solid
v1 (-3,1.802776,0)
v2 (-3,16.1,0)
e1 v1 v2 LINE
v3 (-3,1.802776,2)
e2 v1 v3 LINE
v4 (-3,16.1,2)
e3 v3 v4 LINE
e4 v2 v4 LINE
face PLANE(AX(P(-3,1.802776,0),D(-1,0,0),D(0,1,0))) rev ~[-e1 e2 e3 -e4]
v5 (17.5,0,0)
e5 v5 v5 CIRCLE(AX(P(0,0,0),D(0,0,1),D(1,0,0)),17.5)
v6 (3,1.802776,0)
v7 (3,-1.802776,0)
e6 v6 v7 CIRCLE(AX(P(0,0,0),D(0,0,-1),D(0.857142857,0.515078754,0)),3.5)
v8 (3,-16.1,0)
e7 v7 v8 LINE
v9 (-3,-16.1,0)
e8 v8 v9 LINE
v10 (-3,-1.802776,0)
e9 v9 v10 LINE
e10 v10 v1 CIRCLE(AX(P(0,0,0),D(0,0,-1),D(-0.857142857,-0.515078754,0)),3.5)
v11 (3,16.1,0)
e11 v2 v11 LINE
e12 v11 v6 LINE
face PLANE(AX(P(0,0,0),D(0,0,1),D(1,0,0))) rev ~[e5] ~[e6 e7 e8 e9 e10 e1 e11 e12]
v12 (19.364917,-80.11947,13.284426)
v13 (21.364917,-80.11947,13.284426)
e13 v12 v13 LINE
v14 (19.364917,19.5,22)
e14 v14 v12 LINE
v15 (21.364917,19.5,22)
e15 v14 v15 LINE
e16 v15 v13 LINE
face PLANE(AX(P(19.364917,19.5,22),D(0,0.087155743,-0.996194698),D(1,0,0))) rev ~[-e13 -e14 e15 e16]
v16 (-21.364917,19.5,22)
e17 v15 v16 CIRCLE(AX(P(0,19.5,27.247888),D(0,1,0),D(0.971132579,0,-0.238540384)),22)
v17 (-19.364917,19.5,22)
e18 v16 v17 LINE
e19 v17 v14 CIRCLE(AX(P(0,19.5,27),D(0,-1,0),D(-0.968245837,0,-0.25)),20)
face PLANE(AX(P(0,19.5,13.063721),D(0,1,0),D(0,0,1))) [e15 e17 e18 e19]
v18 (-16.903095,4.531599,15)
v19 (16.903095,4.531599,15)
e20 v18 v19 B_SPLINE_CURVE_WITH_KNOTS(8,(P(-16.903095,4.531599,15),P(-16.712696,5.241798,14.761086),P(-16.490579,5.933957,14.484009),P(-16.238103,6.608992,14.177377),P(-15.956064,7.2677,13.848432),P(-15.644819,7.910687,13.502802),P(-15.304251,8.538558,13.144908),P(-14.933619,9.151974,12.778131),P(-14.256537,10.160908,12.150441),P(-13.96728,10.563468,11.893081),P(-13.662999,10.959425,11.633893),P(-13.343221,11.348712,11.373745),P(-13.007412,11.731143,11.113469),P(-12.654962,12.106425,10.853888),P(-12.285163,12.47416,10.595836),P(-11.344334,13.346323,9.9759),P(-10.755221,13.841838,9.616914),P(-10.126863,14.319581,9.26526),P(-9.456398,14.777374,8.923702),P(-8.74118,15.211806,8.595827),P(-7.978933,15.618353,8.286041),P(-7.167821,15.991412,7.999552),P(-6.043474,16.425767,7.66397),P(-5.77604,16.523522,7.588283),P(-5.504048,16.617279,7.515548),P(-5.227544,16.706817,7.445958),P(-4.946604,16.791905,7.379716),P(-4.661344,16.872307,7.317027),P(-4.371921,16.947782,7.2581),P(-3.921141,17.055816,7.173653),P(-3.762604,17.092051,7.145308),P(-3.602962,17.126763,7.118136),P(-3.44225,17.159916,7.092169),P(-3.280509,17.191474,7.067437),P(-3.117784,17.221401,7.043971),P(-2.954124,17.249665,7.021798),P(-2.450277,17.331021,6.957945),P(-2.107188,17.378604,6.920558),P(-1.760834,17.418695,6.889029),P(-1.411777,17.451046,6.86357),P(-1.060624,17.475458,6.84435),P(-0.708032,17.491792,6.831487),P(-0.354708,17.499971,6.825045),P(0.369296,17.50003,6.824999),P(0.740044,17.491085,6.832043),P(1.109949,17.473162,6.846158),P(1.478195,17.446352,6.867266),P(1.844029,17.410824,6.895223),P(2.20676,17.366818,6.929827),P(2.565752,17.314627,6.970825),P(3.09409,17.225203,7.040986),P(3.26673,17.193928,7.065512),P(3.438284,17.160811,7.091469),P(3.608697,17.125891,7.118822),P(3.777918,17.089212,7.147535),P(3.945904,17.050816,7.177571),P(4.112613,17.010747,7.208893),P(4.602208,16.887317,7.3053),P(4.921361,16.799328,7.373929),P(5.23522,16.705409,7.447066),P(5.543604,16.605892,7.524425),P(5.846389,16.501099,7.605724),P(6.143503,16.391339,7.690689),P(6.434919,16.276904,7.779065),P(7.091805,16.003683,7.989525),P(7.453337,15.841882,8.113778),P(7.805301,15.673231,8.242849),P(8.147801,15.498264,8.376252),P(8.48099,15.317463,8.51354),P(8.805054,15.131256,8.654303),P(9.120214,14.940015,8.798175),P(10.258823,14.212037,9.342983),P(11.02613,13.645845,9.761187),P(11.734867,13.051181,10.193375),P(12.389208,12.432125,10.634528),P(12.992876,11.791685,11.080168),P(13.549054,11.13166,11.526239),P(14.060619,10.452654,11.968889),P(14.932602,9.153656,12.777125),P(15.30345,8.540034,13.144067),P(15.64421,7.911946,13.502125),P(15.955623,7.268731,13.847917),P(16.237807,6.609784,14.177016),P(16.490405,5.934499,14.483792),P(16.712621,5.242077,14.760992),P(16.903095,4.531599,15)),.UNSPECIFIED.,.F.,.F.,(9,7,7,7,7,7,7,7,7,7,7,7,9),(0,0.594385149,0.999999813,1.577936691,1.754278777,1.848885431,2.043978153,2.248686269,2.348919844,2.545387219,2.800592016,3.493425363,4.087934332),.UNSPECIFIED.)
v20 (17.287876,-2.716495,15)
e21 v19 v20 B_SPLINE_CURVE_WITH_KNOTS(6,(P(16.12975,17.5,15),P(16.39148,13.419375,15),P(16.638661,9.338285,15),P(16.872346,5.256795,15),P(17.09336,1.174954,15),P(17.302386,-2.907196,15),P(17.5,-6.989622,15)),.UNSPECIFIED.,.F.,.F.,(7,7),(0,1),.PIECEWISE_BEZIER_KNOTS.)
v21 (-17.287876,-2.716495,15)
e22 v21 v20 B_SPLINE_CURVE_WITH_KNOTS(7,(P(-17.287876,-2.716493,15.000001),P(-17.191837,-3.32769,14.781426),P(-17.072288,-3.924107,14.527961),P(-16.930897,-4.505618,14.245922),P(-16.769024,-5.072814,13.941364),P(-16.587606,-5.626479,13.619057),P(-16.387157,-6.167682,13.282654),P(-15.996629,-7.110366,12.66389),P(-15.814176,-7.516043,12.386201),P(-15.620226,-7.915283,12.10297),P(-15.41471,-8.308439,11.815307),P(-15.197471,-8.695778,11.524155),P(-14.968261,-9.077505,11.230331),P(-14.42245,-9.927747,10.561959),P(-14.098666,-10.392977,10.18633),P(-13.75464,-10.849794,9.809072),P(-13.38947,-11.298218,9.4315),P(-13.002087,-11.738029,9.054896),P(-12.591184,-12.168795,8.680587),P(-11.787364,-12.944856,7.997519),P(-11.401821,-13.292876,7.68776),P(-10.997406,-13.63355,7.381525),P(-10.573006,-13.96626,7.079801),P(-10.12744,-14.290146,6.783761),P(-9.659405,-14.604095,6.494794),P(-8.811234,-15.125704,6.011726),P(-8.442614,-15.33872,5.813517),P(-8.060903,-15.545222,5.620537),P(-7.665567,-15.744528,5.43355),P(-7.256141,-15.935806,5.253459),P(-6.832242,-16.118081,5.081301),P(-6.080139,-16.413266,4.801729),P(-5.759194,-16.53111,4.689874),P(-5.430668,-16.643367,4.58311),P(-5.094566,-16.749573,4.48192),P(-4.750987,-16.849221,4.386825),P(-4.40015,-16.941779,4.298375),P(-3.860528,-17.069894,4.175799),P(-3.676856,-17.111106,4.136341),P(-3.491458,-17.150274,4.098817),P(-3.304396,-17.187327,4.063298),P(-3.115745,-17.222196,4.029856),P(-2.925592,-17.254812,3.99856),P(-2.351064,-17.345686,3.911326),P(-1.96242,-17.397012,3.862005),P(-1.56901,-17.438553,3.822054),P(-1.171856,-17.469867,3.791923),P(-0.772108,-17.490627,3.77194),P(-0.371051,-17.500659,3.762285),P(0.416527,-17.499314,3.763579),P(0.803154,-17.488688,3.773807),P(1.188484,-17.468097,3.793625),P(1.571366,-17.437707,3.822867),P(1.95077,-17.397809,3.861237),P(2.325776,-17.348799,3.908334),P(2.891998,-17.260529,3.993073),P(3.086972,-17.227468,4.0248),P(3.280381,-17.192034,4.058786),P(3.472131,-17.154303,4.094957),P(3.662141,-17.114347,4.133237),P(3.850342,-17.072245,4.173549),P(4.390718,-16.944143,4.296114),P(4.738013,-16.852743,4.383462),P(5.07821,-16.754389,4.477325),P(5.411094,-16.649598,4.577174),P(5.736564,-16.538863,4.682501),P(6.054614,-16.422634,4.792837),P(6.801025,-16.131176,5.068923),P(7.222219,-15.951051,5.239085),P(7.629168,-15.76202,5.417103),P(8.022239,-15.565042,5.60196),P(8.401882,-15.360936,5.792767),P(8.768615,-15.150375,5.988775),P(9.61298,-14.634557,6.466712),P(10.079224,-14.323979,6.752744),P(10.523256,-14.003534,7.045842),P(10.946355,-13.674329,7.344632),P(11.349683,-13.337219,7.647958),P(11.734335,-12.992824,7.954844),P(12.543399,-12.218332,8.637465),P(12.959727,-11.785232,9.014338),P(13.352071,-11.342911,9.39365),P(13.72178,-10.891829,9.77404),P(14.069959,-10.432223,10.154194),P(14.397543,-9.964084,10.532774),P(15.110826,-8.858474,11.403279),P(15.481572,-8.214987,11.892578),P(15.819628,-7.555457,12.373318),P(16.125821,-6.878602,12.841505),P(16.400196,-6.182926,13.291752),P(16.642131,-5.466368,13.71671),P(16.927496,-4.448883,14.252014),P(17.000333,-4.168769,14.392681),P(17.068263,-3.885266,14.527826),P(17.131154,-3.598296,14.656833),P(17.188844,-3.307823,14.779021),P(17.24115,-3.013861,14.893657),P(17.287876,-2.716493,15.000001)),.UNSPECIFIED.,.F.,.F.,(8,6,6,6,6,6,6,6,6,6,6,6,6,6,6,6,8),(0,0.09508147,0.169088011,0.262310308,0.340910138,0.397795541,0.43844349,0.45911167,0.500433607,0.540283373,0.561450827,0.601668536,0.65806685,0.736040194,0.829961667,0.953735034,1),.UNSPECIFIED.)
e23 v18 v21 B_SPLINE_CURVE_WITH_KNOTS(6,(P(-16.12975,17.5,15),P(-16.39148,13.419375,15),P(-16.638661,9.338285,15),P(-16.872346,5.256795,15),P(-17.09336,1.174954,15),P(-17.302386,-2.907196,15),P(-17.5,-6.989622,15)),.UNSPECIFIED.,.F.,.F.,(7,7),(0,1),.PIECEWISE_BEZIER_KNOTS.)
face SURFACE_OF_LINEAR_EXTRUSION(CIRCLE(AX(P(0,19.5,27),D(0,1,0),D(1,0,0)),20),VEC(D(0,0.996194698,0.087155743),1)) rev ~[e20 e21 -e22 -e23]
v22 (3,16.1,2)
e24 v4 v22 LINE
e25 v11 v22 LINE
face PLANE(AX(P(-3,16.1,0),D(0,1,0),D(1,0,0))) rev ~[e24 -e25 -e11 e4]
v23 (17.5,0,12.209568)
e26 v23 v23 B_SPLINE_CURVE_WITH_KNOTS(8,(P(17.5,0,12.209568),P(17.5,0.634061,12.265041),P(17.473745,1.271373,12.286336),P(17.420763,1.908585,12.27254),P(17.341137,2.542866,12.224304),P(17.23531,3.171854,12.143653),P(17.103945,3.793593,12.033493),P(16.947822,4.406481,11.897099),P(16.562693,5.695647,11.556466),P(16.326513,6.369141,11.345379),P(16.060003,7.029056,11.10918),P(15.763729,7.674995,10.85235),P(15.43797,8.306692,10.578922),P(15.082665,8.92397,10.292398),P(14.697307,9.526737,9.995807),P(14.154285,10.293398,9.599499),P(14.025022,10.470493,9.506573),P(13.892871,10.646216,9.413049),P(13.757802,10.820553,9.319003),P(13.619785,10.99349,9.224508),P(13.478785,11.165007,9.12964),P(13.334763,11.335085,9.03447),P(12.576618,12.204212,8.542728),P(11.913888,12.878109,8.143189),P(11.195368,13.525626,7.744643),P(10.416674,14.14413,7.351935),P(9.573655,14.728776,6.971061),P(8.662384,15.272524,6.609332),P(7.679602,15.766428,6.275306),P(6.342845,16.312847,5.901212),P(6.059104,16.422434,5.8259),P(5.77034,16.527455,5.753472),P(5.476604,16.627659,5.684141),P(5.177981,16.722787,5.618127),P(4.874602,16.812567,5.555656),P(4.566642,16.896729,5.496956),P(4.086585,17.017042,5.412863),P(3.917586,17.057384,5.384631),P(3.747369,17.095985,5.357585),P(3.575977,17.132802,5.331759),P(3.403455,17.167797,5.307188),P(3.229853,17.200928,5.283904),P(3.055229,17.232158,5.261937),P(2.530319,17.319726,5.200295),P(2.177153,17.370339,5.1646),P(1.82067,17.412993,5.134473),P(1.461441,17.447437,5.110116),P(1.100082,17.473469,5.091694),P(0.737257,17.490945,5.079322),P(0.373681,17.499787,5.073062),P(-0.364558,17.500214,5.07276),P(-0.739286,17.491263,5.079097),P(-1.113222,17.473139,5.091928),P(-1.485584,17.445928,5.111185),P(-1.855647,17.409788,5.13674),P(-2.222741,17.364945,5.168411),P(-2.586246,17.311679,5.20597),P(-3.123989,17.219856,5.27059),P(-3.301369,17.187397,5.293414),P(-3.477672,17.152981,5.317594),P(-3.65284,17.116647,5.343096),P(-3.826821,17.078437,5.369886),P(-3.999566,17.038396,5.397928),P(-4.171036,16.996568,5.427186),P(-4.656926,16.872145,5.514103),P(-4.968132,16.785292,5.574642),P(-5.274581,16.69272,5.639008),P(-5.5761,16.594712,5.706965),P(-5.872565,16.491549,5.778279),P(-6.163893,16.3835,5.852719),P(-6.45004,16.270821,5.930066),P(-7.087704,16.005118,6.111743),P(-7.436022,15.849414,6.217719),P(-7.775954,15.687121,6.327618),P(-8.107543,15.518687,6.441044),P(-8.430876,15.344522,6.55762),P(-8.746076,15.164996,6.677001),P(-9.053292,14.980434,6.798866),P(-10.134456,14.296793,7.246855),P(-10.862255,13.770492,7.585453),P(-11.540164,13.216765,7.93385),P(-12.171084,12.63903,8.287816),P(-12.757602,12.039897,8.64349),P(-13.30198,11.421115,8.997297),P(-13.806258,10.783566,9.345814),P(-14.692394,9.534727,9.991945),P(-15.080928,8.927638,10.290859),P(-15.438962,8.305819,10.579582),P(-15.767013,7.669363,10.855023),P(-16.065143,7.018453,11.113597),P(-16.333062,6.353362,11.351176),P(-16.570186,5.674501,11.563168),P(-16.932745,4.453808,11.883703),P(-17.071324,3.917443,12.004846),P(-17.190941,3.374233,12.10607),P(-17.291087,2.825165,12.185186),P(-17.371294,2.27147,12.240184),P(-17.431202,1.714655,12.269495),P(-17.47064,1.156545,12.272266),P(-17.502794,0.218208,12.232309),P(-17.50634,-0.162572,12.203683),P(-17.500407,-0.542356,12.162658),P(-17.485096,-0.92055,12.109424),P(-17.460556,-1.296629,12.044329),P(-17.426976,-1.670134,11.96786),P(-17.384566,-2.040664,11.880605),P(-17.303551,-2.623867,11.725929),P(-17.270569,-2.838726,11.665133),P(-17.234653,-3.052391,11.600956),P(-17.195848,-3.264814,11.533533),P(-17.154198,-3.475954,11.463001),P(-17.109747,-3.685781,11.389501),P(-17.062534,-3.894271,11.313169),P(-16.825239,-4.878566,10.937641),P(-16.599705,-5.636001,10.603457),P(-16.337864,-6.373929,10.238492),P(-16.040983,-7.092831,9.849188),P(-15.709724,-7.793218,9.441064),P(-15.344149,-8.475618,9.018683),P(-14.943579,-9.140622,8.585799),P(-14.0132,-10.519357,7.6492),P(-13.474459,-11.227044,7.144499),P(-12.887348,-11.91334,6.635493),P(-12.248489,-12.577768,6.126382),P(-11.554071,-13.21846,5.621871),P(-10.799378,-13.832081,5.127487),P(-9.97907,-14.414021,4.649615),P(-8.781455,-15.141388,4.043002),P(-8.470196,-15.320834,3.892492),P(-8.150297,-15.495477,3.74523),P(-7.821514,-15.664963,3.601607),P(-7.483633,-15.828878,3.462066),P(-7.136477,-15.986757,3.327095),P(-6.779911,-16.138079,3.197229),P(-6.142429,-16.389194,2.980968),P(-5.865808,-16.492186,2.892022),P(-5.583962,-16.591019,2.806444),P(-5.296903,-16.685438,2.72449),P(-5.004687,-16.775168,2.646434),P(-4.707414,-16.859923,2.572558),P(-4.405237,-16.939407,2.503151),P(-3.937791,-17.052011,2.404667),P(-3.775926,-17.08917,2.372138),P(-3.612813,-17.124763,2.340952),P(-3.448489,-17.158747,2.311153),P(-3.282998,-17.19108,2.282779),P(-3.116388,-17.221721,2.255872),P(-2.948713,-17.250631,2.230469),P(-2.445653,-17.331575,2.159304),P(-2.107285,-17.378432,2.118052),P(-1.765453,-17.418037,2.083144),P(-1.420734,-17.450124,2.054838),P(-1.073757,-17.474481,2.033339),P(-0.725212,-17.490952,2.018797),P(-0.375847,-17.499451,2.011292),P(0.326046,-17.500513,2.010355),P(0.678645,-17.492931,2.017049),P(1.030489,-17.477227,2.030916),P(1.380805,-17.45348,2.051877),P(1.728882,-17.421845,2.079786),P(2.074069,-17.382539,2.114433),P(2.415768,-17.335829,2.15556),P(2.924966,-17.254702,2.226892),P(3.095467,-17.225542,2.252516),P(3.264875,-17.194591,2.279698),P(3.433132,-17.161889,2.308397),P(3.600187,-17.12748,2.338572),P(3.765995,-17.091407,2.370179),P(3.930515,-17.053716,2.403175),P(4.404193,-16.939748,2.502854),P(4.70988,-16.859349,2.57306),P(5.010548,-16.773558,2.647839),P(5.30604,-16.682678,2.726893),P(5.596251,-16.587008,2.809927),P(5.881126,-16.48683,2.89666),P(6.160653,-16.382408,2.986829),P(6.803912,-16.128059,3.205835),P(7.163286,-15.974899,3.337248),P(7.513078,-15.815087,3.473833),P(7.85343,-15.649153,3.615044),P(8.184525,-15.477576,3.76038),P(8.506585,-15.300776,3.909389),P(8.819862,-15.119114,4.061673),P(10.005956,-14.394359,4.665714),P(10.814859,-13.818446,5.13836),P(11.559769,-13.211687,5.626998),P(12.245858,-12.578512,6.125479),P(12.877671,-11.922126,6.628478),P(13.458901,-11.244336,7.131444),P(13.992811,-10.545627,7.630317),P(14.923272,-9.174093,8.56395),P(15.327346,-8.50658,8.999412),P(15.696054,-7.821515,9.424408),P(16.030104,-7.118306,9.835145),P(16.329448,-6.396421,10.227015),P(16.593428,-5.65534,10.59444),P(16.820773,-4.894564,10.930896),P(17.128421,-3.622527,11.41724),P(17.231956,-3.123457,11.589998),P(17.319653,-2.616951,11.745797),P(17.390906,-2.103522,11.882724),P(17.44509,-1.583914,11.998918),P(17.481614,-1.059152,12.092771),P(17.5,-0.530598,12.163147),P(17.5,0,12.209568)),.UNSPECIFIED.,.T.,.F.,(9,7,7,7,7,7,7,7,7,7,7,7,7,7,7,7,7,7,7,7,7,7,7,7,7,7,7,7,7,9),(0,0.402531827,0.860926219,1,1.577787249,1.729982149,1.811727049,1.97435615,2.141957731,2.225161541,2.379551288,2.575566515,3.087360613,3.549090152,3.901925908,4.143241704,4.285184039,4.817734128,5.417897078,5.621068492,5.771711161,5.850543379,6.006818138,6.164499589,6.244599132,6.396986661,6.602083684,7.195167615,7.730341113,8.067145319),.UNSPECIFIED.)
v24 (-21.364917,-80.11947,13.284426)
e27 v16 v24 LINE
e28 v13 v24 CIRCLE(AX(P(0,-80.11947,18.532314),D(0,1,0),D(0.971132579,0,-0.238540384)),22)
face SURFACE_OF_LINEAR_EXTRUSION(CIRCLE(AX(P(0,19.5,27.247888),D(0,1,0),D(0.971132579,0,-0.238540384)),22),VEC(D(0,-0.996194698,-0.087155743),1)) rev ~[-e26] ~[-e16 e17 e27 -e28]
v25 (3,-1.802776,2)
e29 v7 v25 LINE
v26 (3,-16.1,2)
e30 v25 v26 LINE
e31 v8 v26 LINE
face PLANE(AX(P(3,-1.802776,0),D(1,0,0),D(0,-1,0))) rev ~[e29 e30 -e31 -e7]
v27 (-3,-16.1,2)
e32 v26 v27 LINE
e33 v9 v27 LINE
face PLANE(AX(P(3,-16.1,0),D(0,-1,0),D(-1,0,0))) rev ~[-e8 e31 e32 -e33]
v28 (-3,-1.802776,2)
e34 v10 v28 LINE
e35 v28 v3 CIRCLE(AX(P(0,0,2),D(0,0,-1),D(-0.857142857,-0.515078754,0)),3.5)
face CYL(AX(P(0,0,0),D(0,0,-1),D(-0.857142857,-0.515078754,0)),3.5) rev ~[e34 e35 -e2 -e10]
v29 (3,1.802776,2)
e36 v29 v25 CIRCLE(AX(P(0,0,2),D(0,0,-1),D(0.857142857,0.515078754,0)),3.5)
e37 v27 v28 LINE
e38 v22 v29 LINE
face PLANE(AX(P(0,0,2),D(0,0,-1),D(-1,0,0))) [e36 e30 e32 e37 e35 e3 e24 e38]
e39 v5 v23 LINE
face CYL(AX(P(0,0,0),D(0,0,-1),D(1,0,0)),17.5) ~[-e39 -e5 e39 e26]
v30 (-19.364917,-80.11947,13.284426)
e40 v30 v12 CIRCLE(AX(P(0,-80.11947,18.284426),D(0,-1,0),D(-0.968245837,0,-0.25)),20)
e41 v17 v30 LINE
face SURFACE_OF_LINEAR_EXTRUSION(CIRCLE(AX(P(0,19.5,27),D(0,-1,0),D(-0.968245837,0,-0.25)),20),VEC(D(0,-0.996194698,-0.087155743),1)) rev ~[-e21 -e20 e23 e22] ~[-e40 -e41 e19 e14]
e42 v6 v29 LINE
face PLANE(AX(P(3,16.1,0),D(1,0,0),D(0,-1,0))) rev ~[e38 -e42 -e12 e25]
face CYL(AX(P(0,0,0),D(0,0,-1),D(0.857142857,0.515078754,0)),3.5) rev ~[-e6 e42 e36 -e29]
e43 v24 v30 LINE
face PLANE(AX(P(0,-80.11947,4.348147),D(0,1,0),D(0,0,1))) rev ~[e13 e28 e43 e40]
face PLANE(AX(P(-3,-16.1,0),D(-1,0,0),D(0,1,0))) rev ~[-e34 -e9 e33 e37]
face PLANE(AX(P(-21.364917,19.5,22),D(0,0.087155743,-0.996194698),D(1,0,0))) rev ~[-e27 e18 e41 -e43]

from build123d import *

# Parameters (mm, degrees)
SKETCH1_R           = 17.5
BOSS_EXTRUDE1_DEPTH = 15
CUT_EXTRUDE1_DEPTH  = 2
SKETCH9_R           = 20
CUT_EXTRUDE2_DEPTH  = 100.381983754


with BuildPart() as part:
    # Sketch1 → Boss-Extrude1 (new body)
    with BuildSketch(Plane.XY):
        Circle(SKETCH1_R)
    extrude(amount=BOSS_EXTRUDE1_DEPTH)

    # Sketch2 → Cut-Extrude1 (cut)
    with BuildSketch(Plane(origin=(0, 0, 0), x_dir=(-1, 0, 0), z_dir=(0, 0, -1))):
        with BuildLine():
            Line((3, 1.802775638), (3, 16.1))
            Line((3, 16.1), (-3, 16.1))
            Line((-3, 16.1), (-3, 1.802775638))
            ThreePointArc((-3, 1.802775638), (-3.5, 0), (-3, -1.802775638))
            Line((-3, -1.802775638), (-3, -16.1))
            Line((-3, -16.1), (3, -16.1))
            Line((3, -16.1), (3, -1.802775638))
            ThreePointArc((3, -1.802775638), (3.5, 0), (3, 1.802775638))
        make_face()
    extrude(amount=-CUT_EXTRUDE1_DEPTH, mode=Mode.SUBTRACT)

    # Sweep1: sweep along a path in Sketch8
    with BuildLine(Plane(origin=(0, 0, 0), x_dir=(0, 0, -1), z_dir=(1, 0, 0))) as sweep1_path:
        Line((-5.24788844, 19.5), (3.467685835, -80.119469809))
    # Sketch5 → Sweep1 (sweep)
    with BuildSketch(Plane(origin=(0, 19.5, 0), x_dir=(1, 0, 0), z_dir=(0, 1, 0))):
        with BuildLine():
            Line((-21.364916731, -22), (-19.364916731, -22))
            ThreePointArc((-19.364916731, -22), (0, -7), (19.364916731, -22))
            Line((19.364916731, -22), (21.364916731, -22))
            ThreePointArc((21.364916731, -22), (0, -5.24788844), (-21.364916731, -22))
        make_face()
    sweep(path=sweep1_path.line)

    # Sketch9 → Cut-Extrude2 (cut, along a direction that is not the sketch's normal)
    with BuildSketch(Plane(origin=(0, 19.5, 0), x_dir=(1, 0, 0), z_dir=(0, 1, 0))):
        with Locations((0, -27)):
            Circle(SKETCH9_R)
    extrude(amount=-CUT_EXTRUDE2_DEPTH, dir=(0, 0.9961946980917461, 0.08715574274765157), mode=Mode.SUBTRACT)


solid = part.part
